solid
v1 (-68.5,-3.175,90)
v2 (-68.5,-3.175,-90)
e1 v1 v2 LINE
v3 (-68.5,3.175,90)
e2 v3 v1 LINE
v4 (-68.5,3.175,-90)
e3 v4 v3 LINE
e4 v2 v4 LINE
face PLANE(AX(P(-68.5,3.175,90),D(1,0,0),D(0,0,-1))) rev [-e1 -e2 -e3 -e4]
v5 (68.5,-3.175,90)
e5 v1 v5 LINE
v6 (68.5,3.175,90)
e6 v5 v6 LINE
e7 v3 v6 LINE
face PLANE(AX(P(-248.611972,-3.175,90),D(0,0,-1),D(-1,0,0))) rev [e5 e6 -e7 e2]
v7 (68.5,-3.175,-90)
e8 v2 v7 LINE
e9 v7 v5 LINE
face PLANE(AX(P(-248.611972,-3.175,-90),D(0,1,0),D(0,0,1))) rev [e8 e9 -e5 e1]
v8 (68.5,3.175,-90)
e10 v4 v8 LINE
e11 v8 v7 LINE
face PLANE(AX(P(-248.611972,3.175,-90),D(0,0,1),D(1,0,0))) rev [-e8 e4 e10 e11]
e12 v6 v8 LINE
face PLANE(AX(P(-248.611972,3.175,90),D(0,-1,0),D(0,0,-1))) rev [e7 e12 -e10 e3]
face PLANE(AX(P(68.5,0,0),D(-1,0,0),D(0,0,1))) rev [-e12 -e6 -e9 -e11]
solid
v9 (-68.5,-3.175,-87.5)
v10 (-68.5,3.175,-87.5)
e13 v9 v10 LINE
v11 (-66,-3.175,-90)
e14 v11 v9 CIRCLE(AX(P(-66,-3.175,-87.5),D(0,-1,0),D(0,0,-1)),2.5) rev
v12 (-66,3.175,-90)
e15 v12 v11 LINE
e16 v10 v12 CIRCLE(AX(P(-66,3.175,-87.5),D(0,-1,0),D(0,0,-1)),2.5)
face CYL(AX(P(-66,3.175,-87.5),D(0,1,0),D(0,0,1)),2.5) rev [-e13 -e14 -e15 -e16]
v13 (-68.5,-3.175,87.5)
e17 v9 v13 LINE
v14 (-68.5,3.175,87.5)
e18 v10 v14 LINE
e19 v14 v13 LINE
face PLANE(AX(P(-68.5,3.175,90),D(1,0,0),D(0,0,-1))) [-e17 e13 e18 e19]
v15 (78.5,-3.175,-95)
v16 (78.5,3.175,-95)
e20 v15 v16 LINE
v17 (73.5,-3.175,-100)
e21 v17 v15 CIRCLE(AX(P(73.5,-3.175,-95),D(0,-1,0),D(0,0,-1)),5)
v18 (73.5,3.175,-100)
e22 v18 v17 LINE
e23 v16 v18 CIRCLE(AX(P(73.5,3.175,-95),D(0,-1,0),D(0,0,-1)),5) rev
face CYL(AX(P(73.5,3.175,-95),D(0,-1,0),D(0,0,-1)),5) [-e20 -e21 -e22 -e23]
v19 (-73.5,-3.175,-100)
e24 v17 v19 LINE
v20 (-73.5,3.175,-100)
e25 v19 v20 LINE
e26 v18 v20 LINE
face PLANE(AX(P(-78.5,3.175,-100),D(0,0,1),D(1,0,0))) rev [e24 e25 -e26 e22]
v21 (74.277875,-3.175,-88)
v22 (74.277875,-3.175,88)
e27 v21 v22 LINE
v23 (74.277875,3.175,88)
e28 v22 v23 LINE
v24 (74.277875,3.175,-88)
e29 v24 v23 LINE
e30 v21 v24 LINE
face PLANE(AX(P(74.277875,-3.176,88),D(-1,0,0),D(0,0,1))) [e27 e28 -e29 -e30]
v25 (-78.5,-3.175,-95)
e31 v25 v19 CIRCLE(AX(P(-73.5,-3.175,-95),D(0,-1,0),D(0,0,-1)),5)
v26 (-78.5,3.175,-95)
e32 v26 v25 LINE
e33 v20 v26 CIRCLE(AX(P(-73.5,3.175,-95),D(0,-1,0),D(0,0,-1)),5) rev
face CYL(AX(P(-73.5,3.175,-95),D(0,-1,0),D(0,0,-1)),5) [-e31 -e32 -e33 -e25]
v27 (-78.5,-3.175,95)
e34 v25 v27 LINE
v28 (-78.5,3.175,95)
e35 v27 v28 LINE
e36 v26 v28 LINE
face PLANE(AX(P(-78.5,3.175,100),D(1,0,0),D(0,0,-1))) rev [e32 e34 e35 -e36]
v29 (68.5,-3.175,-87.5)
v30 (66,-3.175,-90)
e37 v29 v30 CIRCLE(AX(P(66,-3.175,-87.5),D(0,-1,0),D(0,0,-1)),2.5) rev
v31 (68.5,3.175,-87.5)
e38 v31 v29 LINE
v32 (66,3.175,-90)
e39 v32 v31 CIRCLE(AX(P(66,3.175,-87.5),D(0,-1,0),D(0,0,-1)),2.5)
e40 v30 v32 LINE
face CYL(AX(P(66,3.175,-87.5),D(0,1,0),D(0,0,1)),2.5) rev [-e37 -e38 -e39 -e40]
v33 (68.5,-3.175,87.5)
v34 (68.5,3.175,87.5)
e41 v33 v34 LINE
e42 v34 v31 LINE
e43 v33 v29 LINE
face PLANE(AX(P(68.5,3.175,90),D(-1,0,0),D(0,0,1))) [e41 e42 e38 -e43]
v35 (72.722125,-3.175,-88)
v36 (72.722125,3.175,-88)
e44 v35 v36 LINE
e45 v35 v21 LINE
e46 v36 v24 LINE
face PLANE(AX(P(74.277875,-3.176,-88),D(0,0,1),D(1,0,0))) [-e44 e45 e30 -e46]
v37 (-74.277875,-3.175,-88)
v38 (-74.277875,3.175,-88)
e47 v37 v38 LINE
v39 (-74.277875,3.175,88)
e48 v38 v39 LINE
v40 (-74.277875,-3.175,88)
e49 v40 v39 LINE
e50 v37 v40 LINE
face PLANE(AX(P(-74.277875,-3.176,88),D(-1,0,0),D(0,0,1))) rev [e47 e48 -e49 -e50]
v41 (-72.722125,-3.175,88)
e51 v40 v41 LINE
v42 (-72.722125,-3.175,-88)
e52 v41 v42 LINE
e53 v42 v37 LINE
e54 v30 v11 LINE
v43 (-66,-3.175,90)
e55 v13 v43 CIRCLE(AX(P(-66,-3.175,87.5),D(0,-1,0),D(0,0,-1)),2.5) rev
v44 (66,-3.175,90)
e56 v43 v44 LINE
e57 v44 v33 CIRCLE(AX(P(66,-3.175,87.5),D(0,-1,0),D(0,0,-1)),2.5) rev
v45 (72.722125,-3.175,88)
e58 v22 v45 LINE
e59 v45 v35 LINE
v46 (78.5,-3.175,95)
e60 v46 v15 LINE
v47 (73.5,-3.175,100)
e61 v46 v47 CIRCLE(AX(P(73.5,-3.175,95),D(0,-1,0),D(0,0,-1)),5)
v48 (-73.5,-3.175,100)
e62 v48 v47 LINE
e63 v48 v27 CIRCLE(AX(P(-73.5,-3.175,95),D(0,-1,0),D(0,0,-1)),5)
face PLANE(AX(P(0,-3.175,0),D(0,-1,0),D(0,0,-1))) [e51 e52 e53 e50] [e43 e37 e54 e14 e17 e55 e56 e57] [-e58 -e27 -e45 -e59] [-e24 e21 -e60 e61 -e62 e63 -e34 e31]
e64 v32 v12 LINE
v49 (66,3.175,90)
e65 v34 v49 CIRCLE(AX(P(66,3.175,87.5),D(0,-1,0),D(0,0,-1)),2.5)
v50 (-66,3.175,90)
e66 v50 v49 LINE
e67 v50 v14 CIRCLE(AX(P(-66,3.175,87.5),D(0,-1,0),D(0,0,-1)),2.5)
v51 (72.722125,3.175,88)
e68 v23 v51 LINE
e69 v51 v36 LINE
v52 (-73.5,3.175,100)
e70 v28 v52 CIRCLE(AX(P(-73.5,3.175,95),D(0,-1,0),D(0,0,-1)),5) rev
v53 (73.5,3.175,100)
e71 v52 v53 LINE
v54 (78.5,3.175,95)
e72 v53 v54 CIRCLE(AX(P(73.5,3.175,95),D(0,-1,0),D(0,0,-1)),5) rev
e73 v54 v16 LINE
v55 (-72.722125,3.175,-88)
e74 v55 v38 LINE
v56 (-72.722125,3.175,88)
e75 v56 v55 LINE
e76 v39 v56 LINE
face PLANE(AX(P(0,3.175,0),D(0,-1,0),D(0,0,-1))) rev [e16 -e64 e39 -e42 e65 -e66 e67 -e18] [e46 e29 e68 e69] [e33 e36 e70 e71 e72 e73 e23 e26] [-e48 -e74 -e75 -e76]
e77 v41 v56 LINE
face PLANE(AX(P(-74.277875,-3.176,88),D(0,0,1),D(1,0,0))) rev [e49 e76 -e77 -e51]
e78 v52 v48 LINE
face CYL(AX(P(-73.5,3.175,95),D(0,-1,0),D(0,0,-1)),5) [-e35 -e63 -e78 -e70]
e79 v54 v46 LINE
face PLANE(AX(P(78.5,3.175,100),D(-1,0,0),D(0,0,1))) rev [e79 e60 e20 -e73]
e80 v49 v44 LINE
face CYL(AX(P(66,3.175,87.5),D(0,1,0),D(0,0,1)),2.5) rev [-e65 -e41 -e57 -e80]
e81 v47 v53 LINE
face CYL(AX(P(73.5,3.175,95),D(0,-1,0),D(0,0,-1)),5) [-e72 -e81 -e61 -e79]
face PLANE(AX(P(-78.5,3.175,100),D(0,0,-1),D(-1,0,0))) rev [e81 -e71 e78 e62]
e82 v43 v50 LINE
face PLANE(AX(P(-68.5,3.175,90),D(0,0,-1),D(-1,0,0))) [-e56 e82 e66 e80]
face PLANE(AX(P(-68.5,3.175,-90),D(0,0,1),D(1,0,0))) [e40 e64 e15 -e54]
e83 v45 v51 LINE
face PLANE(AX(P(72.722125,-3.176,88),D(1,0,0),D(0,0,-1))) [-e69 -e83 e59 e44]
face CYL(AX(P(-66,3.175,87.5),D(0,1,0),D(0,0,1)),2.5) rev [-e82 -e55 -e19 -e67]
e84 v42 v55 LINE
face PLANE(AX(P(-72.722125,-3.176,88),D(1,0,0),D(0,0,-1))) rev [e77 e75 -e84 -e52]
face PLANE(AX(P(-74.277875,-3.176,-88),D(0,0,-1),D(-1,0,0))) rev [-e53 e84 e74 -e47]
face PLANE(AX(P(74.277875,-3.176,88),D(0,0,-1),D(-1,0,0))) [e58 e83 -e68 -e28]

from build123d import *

# Parameters (mm, degrees)
SKETCH1_W           = 157
SKETCH1_H           = 200
SKETCH1_W_2         = 137
SKETCH1_H_2         = 180
MAINBODY_DEPTH      = 3.175
SHEETLOCK_REACH     = 129.289
SKETCH2_W           = 1.55575
SKETCH2_H           = 176
SKETCH4_W           = 180
SKETCH4_H           = 6.35
BOSS_EXTRUDE1_DEPTH = 137
FILLET1_R           = 5
FILLET2_R           = 2.5


with BuildPart() as part:
    # Sketch1 → MainBody (new, symmetric)
    with BuildSketch(Plane(origin=(0, 0, 0), x_dir=(1, 0, 0), z_dir=(0, 1, 0))):
        Rectangle(SKETCH1_W, SKETCH1_H)
        Rectangle(SKETCH1_W_2, SKETCH1_H_2, mode=Mode.SUBTRACT)
    extrude(amount=MAINBODY_DEPTH, both=True)

    # Sketch2 → SheetLock (cut, up to next)
    with BuildSketch(Plane(origin=(0, 3.175, 0), x_dir=(1, 0, 0), z_dir=(0, 1, 0)), mode=Mode.PRIVATE) as sheetlock_sk1:
        with Locations((-73.5, 0)):
            Rectangle(SKETCH2_W, SKETCH2_H)
    sheetlock_tool1 = extrude(sheetlock_sk1.sketch, amount=-SHEETLOCK_REACH, mode=Mode.PRIVATE) & part.part
    sheetlock = sheetlock_tool1.solids().sort_by_distance((-73.5, 3.175, 0))[0]
    add(sheetlock, mode=Mode.SUBTRACT)

    # Mirror1: SheetLock across plane
    add(sheetlock.mirror(Plane(origin=(0, 0, 0), x_dir=(0, 0, 1), z_dir=(1, 0, 0))), mode=Mode.SUBTRACT)

    # Fillet1
    fillet1_edges = [part.edges().sort_by_distance(p)[0] for p in [
        (78.5, 0, 100),
        (-78.5, 0, 100),
        (-78.5, 0, -100),
        (78.5, 0, -100),
    ]]
    fillet(fillet1_edges, radius=FILLET1_R)

    # Fillet2
    fillet2_edges = [part.edges().sort_by_distance(p)[0] for p in [
        (-68.5, 0, -90),
        (-68.5, 0, 90),
        (68.5, 0, 90),
        (68.5, 0, -90),
    ]]
    fillet(fillet2_edges, radius=FILLET2_R)


with BuildPart() as body_2:
    # Sketch4 → Boss-Extrude1 (new body)
    with BuildSketch(Plane.ZY.offset(-68.5)):
        Rectangle(SKETCH4_W, SKETCH4_H)
    extrude(amount=BOSS_EXTRUDE1_DEPTH)


solid = Compound([part.part, body_2.part])
